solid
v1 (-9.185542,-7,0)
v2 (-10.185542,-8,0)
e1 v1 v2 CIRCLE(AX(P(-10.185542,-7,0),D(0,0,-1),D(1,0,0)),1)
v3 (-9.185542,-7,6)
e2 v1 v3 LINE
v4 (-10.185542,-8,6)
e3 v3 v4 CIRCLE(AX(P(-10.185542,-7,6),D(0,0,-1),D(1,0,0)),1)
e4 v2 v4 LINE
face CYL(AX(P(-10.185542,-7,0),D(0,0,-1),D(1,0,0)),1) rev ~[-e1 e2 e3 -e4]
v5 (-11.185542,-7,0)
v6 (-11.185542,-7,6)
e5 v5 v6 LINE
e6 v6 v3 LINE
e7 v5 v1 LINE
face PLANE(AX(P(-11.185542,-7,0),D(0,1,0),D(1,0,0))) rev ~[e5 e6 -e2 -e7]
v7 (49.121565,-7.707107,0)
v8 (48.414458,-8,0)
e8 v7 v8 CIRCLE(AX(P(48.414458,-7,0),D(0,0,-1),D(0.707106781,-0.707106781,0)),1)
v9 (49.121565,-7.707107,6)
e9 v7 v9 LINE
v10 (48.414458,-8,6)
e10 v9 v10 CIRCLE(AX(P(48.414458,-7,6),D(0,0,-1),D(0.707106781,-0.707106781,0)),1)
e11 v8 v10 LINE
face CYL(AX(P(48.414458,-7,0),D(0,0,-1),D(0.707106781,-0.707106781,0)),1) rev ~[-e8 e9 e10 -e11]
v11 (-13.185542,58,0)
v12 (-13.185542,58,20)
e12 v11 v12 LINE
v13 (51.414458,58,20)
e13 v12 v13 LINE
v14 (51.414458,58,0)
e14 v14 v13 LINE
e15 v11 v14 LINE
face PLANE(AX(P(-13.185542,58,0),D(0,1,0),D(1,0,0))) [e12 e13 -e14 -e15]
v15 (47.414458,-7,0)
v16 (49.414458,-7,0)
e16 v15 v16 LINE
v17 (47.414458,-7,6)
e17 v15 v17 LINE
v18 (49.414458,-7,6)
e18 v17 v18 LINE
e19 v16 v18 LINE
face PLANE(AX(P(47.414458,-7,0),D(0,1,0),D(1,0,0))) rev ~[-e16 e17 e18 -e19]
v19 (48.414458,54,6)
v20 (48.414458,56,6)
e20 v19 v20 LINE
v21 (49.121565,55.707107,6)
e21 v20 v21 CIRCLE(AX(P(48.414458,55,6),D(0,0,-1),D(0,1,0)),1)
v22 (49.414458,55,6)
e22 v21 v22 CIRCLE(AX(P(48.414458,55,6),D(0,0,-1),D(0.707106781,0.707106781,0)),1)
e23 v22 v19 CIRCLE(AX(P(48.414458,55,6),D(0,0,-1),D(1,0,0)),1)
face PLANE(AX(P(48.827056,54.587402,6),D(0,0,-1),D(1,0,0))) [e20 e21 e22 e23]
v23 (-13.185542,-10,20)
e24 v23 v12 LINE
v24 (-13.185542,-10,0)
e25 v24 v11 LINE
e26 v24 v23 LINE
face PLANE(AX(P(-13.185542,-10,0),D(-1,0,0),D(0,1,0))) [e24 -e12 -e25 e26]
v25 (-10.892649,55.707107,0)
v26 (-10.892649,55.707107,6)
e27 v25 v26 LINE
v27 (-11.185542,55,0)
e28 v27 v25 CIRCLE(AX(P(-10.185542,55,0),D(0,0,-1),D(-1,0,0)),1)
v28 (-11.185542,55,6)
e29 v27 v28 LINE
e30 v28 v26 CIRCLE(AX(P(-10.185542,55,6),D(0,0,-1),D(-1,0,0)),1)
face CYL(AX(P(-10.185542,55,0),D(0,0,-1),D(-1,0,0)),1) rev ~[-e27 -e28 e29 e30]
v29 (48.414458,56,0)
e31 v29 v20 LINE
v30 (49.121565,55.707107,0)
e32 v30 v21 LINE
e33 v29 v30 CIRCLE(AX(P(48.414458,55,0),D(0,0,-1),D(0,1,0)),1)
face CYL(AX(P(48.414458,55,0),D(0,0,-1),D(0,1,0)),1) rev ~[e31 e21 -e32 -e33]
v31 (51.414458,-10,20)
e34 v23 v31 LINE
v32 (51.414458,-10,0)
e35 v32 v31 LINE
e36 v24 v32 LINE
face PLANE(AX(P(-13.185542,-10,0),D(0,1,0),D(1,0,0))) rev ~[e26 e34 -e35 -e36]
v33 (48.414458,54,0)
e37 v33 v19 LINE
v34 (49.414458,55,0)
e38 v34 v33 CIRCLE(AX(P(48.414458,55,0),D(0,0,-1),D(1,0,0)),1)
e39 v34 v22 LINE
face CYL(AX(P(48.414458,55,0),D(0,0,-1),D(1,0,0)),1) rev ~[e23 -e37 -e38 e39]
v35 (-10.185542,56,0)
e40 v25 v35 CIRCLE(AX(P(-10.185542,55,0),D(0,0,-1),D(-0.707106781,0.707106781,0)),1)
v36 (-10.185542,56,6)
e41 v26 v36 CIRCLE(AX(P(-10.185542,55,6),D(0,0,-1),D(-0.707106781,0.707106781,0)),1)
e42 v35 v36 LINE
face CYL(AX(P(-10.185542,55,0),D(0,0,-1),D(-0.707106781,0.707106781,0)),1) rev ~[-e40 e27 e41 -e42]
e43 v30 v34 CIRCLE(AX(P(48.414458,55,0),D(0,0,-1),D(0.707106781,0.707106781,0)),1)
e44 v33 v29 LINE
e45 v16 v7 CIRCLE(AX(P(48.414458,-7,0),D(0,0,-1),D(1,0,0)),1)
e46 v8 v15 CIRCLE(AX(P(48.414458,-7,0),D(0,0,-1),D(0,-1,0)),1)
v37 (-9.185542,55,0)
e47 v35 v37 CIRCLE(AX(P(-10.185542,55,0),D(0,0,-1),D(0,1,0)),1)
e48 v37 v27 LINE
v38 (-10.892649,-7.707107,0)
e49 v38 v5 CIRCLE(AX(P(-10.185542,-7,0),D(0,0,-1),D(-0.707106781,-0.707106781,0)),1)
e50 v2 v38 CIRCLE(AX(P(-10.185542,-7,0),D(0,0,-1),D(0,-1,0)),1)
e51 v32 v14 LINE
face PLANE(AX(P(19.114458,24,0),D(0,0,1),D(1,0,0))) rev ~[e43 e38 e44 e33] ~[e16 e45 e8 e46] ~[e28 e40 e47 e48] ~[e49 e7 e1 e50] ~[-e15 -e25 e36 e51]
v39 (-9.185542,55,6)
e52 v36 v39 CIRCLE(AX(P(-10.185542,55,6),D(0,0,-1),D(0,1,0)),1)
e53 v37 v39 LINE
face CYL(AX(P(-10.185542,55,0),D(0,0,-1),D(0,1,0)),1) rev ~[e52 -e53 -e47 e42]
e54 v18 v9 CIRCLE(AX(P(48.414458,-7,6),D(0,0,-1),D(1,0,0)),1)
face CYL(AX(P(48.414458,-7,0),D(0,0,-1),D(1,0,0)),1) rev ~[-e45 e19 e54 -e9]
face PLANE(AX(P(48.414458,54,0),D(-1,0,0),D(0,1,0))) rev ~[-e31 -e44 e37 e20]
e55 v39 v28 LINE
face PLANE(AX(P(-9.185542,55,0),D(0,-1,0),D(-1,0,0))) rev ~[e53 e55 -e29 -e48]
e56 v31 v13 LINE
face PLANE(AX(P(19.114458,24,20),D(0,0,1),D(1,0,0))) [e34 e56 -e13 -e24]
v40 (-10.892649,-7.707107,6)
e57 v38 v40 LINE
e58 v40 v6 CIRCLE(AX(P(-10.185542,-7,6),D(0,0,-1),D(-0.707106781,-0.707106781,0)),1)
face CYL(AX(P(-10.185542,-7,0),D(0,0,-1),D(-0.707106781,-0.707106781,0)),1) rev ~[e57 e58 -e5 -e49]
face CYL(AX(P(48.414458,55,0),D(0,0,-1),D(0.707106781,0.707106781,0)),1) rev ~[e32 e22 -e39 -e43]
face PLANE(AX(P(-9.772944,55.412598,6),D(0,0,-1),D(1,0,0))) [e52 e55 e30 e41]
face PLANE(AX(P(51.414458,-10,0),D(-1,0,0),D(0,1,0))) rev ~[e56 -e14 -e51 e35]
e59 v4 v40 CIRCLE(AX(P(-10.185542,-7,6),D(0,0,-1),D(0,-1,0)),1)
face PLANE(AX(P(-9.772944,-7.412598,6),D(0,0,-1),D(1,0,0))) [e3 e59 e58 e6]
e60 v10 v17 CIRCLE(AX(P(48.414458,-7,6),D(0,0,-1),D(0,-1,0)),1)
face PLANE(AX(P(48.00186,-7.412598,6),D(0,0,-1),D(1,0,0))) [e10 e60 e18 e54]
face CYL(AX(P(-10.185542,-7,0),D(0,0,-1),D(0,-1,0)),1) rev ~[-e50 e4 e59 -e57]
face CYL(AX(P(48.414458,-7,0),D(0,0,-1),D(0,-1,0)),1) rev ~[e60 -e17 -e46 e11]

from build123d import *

# Parameters (mm, degrees)
F0_W     = 64.6
F0_H     = 68
F1_DEPTH = 20
F3_DEPTH = 6


with BuildPart() as f1:
    # F0 (on Top) → F1 (new body)
    with BuildSketch(Plane.XY):
        with Locations((19.1144577392, 24)):
            Rectangle(F0_W, F0_H)
    extrude(amount=F1_DEPTH)

    # F2 (on face) → F3 (cut)
    with BuildSketch(Plane(origin=(0, 0, 0), x_dir=(1, 0, 0), z_dir=(0, 0, -1))):
        with BuildLine():
            ThreePointArc((48.4144577392, 8), (47.707350958, 7.7071067812), (47.4144577392, 7))
            Line((47.4144577392, 7), (48.4144577392, 7))
            Line((48.4144577392, 7), (48.4144577392, 8))
        make_face()
        with BuildLine():
            ThreePointArc((49.1215645203, 7.7071067812), (48.7971411715, 7.9238795325), (48.4144577392, 8))
            Line((48.4144577392, 8), (48.4144577392, 7))
            Line((48.4144577392, 7), (49.1215645203, 7.7071067812))
        make_face()
        with BuildLine():
            Line((49.1215645203, 7.7071067812), (48.4144577392, 7))
            Line((48.4144577392, 7), (49.4144577392, 7))
            ThreePointArc((49.4144577392, 7), (49.3383372717, 7.3826834324), (49.1215645203, 7.7071067812))
        make_face()
        with BuildLine():
            ThreePointArc((49.4144577392, -55), (49.1215645203, -54.2928932188), (48.4144577392, -54))
            Line((48.4144577392, -54), (48.4144577392, -55))
            Line((48.4144577392, -55), (49.4144577392, -55))
        make_face()
        with BuildLine():
            ThreePointArc((49.1215645203, -55.7071067812), (49.3383372717, -55.3826834324), (49.4144577392, -55))
            Line((49.4144577392, -55), (48.4144577392, -55))
            Line((48.4144577392, -55), (49.1215645203, -55.7071067812))
        make_face()
        with BuildLine():
            Line((48.4144577392, -55), (48.4144577392, -56))
            ThreePointArc((48.4144577392, -56), (48.7971411715, -55.9238795325), (49.1215645203, -55.7071067812))
            Line((49.1215645203, -55.7071067812), (48.4144577392, -55))
        make_face()
        with BuildLine():
            Line((-10.1855422608, 7), (-9.1855422608, 7))
            ThreePointArc((-9.1855422608, 7), (-9.4784354797, 7.7071067812), (-10.1855422608, 8))
            Line((-10.1855422608, 8), (-10.1855422608, 7))
        make_face()
        with BuildLine():
            Line((-10.1855422608, 7), (-10.1855422608, 8))
            ThreePointArc((-10.1855422608, 8), (-10.5682256932, 7.9238795325), (-10.892649042, 7.7071067812))
            Line((-10.892649042, 7.7071067812), (-10.1855422608, 7))
        make_face()
        with BuildLine():
            Line((-11.1855422608, 7), (-10.1855422608, 7))
            Line((-10.1855422608, 7), (-10.892649042, 7.7071067812))
            ThreePointArc((-10.892649042, 7.7071067812), (-11.1094217934, 7.3826834324), (-11.1855422608, 7))
        make_face()
        with BuildLine():
            ThreePointArc((-10.1855422608, -56), (-9.4784354797, -55.7071067812), (-9.1855422608, -55))
            Line((-9.1855422608, -55), (-10.1855422608, -55))
            Line((-10.1855422608, -55), (-10.1855422608, -56))
        make_face()
        with BuildLine():
            Line((-10.1855422608, -56), (-10.1855422608, -55))
            Line((-10.1855422608, -55), (-10.892649042, -55.7071067812))
            ThreePointArc((-10.892649042, -55.7071067812), (-10.5682256932, -55.9238795325), (-10.1855422608, -56))
        make_face()
        with BuildLine():
            Line((-10.1855422608, -55), (-11.1855422608, -55))
            ThreePointArc((-11.1855422608, -55), (-11.1094217934, -55.3826834324), (-10.892649042, -55.7071067812))
            Line((-10.892649042, -55.7071067812), (-10.1855422608, -55))
        make_face()
    extrude(amount=-F3_DEPTH, mode=Mode.SUBTRACT)


solid = f1.part
